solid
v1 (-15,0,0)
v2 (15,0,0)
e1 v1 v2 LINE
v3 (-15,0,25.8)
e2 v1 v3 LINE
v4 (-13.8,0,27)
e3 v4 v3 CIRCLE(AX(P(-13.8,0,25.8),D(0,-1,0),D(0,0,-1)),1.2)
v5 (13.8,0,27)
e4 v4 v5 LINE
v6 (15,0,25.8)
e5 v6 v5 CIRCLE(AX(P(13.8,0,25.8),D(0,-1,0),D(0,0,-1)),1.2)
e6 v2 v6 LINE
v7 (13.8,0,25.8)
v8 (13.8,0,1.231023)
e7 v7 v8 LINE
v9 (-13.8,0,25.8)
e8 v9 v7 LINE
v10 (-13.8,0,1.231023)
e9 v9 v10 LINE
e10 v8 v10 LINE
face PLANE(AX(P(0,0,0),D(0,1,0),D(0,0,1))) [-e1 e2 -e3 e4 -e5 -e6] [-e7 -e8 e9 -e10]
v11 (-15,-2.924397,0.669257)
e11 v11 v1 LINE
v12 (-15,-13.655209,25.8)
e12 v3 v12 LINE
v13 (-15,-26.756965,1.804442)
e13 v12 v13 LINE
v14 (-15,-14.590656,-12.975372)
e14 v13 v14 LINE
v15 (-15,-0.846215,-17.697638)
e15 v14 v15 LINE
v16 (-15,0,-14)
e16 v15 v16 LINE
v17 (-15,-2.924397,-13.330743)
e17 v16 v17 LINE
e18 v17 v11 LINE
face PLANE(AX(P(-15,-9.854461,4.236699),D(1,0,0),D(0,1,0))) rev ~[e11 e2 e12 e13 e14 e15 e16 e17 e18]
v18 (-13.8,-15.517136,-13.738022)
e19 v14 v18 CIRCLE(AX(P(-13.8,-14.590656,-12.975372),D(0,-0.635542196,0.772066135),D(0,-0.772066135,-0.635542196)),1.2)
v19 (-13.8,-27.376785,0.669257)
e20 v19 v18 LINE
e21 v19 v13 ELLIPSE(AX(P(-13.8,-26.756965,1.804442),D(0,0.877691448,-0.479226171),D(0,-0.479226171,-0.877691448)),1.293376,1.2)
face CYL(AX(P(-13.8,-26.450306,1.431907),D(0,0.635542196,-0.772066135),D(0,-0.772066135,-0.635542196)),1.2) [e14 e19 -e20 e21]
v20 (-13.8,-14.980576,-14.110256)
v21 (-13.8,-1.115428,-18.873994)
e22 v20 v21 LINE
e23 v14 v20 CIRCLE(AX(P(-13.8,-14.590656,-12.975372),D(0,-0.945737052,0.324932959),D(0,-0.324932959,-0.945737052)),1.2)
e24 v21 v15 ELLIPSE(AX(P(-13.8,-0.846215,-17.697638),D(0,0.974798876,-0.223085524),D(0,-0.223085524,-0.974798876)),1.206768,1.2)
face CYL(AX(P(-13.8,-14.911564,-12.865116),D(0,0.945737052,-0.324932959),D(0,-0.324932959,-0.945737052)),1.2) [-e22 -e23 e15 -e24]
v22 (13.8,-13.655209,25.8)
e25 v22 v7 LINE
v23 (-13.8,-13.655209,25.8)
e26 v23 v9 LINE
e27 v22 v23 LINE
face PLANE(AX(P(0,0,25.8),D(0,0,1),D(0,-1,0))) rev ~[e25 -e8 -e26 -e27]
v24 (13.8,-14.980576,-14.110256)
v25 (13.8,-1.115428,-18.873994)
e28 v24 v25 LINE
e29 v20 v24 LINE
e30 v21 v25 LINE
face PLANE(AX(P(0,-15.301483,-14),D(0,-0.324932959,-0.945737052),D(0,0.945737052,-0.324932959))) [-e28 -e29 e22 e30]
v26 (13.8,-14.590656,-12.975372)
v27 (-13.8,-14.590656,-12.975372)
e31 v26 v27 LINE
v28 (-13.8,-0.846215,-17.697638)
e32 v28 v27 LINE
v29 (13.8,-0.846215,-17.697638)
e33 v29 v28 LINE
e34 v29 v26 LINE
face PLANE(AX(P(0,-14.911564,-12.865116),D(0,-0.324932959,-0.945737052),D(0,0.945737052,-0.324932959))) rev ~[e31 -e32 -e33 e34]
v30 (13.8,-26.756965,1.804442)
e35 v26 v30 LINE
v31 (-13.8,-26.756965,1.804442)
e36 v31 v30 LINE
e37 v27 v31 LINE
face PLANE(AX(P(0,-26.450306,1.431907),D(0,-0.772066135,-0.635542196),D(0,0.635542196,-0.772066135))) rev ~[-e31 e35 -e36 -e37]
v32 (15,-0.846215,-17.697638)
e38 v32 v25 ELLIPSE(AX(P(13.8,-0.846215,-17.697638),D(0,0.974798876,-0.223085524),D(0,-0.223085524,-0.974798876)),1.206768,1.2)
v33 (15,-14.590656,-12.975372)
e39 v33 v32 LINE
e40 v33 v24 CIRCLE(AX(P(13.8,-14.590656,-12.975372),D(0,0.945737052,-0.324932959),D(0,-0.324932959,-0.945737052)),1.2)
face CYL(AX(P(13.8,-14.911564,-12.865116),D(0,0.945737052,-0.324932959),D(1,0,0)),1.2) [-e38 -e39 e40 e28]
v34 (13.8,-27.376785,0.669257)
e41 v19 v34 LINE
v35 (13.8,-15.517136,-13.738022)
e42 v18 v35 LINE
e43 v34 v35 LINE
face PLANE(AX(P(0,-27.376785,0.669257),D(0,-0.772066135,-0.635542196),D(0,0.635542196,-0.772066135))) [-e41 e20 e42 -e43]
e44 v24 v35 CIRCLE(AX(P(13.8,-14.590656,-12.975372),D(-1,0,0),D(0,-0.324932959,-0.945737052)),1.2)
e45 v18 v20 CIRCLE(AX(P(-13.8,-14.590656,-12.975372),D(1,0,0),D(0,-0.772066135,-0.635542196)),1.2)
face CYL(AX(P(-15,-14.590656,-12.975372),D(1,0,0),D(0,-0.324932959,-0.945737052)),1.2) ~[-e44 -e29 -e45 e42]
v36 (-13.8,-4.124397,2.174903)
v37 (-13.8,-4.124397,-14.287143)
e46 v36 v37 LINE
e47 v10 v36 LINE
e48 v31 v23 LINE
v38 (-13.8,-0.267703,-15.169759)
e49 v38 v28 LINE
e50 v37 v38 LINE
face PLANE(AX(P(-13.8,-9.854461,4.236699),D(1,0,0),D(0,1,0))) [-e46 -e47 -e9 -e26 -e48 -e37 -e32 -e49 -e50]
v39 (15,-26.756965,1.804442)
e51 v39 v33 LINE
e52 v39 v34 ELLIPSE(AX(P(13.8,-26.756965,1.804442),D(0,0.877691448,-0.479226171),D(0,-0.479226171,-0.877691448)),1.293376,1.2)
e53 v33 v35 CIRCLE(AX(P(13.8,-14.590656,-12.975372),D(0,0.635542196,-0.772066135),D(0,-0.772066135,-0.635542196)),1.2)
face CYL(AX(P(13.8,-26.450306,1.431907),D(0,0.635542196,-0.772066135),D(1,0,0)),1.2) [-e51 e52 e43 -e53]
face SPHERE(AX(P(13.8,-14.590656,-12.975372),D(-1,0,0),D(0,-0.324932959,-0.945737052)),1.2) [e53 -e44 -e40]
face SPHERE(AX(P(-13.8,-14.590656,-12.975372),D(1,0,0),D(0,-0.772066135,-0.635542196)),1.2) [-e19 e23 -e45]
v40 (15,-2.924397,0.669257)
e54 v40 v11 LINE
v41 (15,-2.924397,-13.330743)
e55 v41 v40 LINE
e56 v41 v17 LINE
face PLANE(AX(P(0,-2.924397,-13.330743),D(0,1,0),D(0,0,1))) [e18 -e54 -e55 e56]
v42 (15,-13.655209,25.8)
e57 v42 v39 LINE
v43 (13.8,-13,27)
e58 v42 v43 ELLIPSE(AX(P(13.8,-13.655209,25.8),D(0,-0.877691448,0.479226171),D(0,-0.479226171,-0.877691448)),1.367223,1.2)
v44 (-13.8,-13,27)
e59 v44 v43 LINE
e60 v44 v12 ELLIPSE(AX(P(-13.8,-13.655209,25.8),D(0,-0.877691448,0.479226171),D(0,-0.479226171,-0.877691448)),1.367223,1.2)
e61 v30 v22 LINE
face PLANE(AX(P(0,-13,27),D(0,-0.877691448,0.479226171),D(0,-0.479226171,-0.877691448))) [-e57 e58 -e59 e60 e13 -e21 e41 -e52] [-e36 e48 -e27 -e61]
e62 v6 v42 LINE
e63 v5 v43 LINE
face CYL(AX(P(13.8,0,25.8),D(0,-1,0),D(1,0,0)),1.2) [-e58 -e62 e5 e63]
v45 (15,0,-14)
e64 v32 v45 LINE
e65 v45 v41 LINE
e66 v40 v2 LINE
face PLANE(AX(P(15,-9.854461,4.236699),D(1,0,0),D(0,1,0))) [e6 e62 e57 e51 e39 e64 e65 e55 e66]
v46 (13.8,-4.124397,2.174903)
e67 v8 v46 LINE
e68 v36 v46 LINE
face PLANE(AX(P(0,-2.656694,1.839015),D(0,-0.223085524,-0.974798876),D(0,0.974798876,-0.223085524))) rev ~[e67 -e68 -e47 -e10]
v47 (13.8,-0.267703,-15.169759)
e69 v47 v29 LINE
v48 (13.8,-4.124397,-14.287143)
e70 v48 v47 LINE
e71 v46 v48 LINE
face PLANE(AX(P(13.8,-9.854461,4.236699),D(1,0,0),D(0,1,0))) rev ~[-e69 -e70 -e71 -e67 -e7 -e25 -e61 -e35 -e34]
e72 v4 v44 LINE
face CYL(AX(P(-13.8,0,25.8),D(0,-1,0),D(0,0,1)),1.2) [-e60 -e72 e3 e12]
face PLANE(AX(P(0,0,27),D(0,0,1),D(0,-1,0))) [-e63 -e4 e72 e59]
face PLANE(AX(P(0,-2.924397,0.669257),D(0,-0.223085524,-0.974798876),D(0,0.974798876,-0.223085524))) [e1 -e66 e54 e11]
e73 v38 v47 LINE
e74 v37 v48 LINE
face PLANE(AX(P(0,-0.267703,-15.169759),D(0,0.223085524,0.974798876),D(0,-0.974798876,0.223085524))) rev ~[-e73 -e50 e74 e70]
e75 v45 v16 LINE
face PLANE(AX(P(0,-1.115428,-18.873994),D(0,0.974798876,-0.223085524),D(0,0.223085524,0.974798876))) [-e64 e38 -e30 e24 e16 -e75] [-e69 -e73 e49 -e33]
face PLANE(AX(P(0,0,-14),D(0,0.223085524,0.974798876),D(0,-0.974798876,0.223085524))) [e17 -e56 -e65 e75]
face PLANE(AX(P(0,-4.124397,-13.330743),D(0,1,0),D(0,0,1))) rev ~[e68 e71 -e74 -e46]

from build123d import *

# Parameters (mm, degrees)
F1_DEPTH = 15
F2_T     = -1.2
F3_R     = 1.2


with BuildPart() as f1:
    # F0 (on Right) → F1 (new body, symmetric)
    with BuildSketch(Plane.YZ):
        Polygon((-2.9243966283, 0.669256573), (0, 0), (0, 27), (-13, 27), (-27.3767851269, 0.669256573), (-15.3014834083, -14), (-1.1154276217, -18.8739943805), (0, -14), (-2.9243966283, -13.330743427), align=None)
    extrude(amount=F1_DEPTH, both=True)

    # F2
    f2_openings = [f1.faces().sort_by_distance(p)[0] for p in [
        (0, 0, 13.5),
        (0, -0.557714, -16.436997),
        (0, -20.188393, 13.834628),
    ]]
    offset(amount=F2_T, openings=f2_openings, kind=Kind.INTERSECTION)

    # F3
    f3_edges = [f1.edges().sort_by_distance(p)[0] for p in [
        (-15, -6.5, 27),
        (15, -6.5, 27),
        (-15, -8.208456, -16.436997),
        (0, -15.301483, -14),
        (-15, -21.339134, -6.665372),
        (15, -8.208456, -16.436997),
        (15, -21.339134, -6.665372),
    ]]
    fillet(f3_edges, radius=F3_R)


solid = f1.part
